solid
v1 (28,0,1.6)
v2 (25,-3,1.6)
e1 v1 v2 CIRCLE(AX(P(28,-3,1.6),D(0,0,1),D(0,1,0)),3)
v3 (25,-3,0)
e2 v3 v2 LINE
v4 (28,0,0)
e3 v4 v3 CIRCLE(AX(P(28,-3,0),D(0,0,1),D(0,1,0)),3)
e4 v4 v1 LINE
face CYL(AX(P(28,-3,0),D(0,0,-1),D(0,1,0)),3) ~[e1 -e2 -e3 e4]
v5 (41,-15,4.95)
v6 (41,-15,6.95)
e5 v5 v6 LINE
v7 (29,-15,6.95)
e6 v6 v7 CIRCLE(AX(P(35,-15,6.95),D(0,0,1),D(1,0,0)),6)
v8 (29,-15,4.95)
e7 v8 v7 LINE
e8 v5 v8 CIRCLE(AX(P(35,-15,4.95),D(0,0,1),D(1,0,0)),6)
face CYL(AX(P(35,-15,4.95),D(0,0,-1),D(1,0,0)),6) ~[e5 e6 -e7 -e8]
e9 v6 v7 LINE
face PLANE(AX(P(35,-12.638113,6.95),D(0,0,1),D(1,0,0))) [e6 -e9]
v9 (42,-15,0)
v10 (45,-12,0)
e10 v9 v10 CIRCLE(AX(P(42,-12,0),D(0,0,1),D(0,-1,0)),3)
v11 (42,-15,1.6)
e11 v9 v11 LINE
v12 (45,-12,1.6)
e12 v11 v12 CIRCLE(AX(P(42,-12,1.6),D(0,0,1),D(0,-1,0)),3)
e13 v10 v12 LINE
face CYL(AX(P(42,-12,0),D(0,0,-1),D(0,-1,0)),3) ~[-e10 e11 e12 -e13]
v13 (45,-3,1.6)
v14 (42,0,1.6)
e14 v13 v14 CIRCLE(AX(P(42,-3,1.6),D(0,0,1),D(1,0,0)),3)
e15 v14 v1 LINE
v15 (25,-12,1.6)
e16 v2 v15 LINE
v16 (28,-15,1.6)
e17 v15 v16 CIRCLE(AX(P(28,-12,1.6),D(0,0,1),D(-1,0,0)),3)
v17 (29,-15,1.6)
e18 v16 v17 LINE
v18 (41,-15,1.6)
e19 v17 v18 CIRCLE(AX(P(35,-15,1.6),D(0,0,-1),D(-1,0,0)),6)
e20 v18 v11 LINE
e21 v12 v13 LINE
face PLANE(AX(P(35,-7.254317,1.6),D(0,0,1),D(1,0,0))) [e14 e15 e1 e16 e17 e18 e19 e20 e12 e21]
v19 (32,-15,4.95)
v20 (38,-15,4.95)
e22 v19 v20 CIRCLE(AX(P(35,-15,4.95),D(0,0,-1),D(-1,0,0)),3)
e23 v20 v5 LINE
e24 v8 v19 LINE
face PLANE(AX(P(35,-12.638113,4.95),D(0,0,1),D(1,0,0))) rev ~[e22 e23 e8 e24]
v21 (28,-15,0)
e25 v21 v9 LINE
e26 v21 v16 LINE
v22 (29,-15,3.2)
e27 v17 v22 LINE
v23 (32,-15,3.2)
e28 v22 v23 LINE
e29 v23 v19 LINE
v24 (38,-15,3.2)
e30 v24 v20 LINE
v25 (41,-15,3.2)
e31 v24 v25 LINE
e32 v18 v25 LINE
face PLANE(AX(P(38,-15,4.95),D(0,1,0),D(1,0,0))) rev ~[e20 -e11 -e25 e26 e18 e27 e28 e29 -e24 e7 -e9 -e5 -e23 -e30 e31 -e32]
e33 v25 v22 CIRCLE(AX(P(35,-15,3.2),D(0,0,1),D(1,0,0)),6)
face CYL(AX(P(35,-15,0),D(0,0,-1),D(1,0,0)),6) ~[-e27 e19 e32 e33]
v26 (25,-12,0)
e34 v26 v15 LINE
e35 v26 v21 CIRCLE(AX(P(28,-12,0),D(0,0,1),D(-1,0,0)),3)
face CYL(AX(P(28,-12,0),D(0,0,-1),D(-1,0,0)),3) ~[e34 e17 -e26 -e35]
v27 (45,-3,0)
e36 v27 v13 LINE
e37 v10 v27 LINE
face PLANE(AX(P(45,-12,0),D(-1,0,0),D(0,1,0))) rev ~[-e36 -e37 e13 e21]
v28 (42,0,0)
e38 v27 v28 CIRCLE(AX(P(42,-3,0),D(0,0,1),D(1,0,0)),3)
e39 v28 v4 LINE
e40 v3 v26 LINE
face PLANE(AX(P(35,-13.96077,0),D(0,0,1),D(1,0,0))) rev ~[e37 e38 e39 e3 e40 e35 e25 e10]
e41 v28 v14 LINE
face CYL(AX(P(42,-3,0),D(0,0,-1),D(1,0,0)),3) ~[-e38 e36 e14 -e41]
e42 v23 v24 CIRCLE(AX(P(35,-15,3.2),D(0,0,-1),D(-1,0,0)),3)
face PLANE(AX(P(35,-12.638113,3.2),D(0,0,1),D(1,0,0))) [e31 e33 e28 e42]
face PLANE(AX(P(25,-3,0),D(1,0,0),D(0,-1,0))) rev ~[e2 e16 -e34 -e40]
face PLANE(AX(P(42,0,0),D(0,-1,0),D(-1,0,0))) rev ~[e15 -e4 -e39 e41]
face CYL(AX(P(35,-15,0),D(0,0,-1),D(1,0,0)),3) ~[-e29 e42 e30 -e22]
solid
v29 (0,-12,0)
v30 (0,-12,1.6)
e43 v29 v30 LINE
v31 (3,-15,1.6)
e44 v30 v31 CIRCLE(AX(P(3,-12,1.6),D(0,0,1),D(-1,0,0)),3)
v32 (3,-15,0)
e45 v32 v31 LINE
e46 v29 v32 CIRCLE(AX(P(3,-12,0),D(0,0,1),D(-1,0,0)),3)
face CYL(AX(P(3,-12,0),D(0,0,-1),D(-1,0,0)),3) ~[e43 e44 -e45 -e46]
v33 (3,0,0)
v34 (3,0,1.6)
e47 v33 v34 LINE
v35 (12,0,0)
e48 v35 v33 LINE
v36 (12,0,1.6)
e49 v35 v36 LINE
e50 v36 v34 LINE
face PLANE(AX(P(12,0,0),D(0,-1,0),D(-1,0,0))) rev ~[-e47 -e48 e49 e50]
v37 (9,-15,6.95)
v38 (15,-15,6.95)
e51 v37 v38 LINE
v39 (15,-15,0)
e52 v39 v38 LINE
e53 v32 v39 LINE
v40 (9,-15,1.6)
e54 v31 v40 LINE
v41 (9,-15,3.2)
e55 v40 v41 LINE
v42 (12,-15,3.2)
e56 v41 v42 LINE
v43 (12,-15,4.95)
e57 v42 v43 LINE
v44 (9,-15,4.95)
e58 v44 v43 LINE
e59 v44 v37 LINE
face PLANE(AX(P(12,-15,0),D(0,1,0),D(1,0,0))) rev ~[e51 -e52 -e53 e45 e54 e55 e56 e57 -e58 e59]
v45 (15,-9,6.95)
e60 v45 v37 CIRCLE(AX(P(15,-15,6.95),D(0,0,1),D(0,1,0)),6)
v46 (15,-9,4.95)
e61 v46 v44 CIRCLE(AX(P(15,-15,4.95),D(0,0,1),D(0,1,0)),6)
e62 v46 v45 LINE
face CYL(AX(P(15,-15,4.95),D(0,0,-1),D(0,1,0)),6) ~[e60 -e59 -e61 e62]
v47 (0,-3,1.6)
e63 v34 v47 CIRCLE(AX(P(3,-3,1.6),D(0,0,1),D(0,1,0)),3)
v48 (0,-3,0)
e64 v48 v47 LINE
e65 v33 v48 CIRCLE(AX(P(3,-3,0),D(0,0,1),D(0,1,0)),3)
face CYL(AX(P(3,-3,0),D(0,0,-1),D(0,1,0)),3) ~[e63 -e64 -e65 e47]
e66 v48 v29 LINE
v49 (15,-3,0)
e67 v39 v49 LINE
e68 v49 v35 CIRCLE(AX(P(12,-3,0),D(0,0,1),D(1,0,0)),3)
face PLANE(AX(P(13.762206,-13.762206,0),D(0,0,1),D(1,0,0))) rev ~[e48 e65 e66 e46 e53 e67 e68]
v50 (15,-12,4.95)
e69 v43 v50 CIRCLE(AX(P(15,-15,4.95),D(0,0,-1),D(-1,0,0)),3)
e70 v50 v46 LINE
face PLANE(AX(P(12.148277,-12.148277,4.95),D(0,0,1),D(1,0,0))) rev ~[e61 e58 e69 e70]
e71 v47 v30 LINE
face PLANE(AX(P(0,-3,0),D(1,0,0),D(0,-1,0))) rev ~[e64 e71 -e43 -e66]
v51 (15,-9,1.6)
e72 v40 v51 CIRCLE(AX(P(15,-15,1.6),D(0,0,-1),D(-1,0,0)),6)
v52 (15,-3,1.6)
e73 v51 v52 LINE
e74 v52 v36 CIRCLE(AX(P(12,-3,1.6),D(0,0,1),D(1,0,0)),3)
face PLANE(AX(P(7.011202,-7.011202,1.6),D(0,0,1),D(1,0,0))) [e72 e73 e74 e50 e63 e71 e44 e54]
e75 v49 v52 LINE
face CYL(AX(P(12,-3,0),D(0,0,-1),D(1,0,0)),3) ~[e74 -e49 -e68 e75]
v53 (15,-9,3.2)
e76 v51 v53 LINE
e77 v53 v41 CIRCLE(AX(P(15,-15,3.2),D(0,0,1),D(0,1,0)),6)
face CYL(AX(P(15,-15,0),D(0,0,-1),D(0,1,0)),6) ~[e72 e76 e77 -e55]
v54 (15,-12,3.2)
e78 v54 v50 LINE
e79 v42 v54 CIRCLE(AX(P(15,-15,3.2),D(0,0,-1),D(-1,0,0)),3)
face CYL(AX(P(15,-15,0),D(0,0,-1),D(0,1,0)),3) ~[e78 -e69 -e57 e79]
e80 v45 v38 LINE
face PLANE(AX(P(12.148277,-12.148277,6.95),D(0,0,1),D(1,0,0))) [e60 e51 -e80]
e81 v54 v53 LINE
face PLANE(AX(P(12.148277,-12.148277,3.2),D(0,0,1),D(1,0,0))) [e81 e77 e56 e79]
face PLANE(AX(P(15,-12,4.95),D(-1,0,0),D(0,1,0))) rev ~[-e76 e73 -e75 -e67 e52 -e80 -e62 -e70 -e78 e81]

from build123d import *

# Parameters (mm, degrees)
F5_DEPTH = 1.6
F6_DEPTH = 3.2
F7_DEPTH = 6.95
F8_START = 4.95
F8_DEPTH = 2


with BuildPart() as f5:
    # F0 (on Top) → F5 (new body)
    with BuildSketch(Plane.XY):
        with BuildLine():
            Line((12, 0), (3, 0))
            ThreePointArc((3, 0), (0.8786796564, -0.8786796564), (0, -3))
            Line((0, -3), (0, -12))
            ThreePointArc((0, -12), (0.8786796564, -14.1213203436), (3, -15))
            Line((3, -15), (9, -15))
            ThreePointArc((9, -15), (10.7573593129, -10.7573593129), (15, -9))
            Line((15, -9), (15, -3))
            ThreePointArc((15, -3), (14.1213203436, -0.8786796564), (12, 0))
        make_face()
    extrude(amount=F5_DEPTH)

    # F0 (on Top) → F6 (join)
    with BuildSketch(Plane.XY):
        with BuildLine():
            Line((15, -12), (15, -9))
            ThreePointArc((15, -9), (10.7573593129, -10.7573593129), (9, -15))
            Line((9, -15), (12, -15))
            ThreePointArc((12, -15), (12.8786796564, -12.8786796564), (15, -12))
        make_face()
    extrude(amount=F6_DEPTH)

    # F0 (on Top) → F7 (join)
    with BuildSketch(Plane.XY):
        with BuildLine():
            Line((15, -15), (15, -12))
            ThreePointArc((15, -12), (12.8786796564, -12.8786796564), (12, -15))
            Line((12, -15), (15, -15))
        make_face()
    extrude(amount=F7_DEPTH)

    # F0 (on Top) → F8 (join)
    with BuildSketch(Plane.XY.offset(F8_START)):
        with BuildLine():
            Line((15, -12), (15, -9))
            ThreePointArc((15, -9), (10.7573593129, -10.7573593129), (9, -15))
            Line((9, -15), (12, -15))
            ThreePointArc((12, -15), (12.8786796564, -12.8786796564), (15, -12))
        make_face()
    extrude(amount=F8_DEPTH)


with BuildPart() as f5b:
    # F0 (on Top) → F5, piece 2 (new body)
    with BuildSketch(Plane.XY):
        with BuildLine():
            Line((42, 0), (28, 0))
            ThreePointArc((28, 0), (25.8786796564, -0.8786796564), (25, -3))
            Line((25, -3), (25, -12))
            ThreePointArc((25, -12), (25.8786796564, -14.1213203436), (28, -15))
            Line((28, -15), (29, -15))
            ThreePointArc((29, -15), (35, -9), (41, -15))
            Line((41, -15), (42, -15))
            ThreePointArc((42, -15), (44.1213203436, -14.1213203436), (45, -12))
            Line((45, -12), (45, -3))
            ThreePointArc((45, -3), (44.1213203436, -0.8786796564), (42, 0))
        make_face()
    extrude(amount=F5_DEPTH)

    # F0 (on Top) → F6, piece 2 (join)
    with BuildSketch(Plane.XY):
        with BuildLine():
            ThreePointArc((41, -15), (35, -9), (29, -15))
            Line((29, -15), (32, -15))
            ThreePointArc((32, -15), (35, -12), (38, -15))
            Line((38, -15), (41, -15))
        make_face()
    extrude(amount=F6_DEPTH)

    # F0 (on Top) → F7, piece 2 (join)
    with BuildSketch(Plane.XY):
        with BuildLine():
            ThreePointArc((38, -15), (35, -12), (32, -15))
            Line((32, -15), (38, -15))
        make_face()
    extrude(amount=F7_DEPTH)

    # F0 (on Top) → F8, piece 2 (join)
    with BuildSketch(Plane.XY.offset(F8_START)):
        with BuildLine():
            ThreePointArc((41, -15), (35, -9), (29, -15))
            Line((29, -15), (32, -15))
            ThreePointArc((32, -15), (35, -12), (38, -15))
            Line((38, -15), (41, -15))
        make_face()
    extrude(amount=F8_DEPTH)


solid = Compound([f5.part, f5b.part])
